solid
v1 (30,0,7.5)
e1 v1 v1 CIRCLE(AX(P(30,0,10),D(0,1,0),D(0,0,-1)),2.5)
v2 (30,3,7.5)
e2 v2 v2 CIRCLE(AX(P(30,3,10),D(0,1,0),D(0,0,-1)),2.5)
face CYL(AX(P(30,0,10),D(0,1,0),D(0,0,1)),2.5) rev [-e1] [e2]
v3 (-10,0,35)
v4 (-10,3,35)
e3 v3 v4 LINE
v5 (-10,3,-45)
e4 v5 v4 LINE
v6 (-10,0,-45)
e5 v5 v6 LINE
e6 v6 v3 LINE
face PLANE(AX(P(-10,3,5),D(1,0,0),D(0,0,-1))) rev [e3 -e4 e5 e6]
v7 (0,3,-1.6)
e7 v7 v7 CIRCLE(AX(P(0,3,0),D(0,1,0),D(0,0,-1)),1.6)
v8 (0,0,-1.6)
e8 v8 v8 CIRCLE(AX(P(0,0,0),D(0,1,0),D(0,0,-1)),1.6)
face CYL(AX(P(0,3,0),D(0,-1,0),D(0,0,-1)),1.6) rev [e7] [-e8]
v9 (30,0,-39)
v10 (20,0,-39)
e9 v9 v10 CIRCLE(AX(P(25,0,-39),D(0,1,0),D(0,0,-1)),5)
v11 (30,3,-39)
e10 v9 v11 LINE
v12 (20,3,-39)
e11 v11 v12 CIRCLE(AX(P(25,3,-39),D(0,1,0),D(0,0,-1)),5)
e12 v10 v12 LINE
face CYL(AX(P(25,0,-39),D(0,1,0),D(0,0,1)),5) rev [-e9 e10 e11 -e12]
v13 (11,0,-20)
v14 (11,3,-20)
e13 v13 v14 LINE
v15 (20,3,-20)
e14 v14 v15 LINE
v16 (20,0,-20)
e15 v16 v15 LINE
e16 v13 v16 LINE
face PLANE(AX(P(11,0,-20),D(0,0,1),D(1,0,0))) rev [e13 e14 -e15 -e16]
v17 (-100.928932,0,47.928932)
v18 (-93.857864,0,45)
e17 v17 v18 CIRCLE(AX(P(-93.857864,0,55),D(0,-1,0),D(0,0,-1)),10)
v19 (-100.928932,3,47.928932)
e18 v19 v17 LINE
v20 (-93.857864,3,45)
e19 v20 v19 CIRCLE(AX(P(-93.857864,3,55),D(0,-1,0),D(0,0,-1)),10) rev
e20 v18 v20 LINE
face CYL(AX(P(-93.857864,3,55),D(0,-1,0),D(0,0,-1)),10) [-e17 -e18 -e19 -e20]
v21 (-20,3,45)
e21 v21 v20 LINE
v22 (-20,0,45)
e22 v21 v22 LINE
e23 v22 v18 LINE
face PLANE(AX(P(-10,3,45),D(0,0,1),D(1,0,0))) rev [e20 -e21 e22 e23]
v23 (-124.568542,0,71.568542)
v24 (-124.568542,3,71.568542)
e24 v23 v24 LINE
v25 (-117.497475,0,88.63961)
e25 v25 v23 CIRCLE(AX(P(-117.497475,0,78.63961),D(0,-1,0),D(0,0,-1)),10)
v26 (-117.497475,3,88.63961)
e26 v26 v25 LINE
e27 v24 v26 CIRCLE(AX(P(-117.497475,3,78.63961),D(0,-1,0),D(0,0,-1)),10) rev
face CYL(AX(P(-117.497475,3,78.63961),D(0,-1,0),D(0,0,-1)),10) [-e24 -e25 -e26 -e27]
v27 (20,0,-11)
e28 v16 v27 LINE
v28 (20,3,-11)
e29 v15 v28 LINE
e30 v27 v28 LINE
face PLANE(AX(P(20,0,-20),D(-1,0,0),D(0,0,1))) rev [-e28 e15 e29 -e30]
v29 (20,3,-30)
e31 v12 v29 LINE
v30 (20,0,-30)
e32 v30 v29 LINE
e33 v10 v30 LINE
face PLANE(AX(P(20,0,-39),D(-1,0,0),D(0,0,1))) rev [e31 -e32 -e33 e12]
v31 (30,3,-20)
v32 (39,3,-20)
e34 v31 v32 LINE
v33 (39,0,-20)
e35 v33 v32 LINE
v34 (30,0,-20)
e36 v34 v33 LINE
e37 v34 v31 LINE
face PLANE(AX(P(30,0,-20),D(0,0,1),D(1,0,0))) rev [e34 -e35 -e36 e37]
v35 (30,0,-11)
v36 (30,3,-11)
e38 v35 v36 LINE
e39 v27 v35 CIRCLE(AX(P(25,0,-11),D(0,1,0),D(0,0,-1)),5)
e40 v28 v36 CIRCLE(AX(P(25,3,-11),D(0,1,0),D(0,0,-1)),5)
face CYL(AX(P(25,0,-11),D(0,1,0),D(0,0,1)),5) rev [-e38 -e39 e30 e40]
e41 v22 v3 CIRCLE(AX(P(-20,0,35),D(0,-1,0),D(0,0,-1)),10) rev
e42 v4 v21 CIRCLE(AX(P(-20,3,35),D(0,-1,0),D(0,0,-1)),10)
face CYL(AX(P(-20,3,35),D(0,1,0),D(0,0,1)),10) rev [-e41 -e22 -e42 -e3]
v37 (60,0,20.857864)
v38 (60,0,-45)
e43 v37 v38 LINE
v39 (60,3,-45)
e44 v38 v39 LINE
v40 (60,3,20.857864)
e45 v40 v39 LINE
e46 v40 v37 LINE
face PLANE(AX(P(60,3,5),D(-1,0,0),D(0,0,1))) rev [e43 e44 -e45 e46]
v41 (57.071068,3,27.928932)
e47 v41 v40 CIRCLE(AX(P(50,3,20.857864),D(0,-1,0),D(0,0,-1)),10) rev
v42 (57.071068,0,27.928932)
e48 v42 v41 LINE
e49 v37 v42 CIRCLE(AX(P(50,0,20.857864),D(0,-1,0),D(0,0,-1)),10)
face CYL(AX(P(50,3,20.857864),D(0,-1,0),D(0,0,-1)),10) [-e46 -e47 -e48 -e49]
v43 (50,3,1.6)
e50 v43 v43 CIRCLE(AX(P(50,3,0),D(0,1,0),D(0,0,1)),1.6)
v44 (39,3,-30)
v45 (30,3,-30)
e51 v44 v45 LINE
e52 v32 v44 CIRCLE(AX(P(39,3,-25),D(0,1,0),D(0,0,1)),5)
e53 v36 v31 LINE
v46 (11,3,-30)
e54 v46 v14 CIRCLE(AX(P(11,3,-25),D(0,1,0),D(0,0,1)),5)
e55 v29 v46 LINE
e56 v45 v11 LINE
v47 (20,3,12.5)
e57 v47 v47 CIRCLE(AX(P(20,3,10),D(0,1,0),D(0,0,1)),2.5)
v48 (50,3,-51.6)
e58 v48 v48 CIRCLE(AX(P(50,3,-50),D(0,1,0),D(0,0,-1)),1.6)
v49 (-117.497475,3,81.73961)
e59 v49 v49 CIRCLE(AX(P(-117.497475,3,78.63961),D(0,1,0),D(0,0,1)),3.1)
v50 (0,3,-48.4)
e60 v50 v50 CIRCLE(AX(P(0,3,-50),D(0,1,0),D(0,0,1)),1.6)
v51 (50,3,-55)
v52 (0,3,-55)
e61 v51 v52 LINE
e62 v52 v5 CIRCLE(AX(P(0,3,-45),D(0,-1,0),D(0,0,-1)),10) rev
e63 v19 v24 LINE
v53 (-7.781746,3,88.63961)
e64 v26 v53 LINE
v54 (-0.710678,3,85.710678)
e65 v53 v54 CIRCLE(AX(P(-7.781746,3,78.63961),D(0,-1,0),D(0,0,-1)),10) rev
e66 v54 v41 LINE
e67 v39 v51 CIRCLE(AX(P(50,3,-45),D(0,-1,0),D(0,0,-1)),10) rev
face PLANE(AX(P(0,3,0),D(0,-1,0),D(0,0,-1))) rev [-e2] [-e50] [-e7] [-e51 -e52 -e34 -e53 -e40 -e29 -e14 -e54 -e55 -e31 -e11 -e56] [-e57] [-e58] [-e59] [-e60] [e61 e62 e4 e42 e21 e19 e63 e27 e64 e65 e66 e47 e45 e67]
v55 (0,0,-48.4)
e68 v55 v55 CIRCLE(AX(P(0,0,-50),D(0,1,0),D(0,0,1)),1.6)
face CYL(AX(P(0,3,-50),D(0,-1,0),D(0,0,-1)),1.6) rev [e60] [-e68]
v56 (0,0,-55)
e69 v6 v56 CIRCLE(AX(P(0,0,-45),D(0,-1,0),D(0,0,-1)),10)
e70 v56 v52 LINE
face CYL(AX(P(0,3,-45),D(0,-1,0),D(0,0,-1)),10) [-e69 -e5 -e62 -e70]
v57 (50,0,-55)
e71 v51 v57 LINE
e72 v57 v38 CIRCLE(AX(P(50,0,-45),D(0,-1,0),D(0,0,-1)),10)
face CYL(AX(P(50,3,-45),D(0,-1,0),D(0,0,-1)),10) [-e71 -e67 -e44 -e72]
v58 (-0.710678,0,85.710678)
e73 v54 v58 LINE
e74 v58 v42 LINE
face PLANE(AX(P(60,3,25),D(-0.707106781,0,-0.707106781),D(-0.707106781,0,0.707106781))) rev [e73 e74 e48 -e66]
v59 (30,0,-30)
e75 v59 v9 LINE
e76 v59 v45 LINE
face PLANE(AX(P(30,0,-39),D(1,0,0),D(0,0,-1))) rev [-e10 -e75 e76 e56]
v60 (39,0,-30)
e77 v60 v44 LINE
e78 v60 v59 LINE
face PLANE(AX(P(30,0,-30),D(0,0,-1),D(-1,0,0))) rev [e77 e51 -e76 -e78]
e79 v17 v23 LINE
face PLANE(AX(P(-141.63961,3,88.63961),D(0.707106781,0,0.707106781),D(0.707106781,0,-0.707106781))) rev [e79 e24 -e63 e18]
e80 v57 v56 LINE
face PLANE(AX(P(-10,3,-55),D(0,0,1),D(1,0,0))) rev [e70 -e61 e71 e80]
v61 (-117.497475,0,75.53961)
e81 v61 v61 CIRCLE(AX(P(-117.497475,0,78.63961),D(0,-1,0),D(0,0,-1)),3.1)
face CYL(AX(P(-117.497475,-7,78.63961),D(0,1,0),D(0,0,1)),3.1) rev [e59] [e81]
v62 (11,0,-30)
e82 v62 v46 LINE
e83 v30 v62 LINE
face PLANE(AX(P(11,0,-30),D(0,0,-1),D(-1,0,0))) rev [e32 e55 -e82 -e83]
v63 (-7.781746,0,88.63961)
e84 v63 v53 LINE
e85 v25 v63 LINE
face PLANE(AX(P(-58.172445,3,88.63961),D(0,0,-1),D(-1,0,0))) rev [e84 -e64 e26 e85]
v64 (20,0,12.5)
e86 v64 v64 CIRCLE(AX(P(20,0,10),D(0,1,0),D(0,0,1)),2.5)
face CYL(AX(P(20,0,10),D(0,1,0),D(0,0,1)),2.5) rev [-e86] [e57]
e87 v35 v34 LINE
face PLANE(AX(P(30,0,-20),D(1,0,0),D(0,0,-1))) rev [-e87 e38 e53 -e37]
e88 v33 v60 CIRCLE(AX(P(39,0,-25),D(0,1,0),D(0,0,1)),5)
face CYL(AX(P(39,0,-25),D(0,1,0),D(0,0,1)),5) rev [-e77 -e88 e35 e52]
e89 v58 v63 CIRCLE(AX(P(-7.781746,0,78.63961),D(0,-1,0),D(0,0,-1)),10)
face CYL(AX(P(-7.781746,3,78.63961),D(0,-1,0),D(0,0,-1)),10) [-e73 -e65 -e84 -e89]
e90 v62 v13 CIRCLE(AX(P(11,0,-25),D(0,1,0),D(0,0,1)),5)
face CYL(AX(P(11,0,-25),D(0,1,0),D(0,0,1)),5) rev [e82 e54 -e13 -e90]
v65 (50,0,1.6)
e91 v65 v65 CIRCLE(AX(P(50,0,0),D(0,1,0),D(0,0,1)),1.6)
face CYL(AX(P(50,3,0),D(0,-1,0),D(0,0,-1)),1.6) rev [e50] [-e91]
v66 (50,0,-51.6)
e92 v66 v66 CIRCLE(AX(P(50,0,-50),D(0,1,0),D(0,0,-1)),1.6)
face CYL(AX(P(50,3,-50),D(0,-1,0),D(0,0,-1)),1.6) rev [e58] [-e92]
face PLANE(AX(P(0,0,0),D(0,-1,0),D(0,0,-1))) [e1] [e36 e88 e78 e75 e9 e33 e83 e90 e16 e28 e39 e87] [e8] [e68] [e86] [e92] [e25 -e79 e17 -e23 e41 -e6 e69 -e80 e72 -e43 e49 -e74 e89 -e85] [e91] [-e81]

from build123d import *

# Parameters (mm, degrees)
SKETCH_1_W          = 70
SKETCH_1_H          = 60
SKETCH_1_R          = 1.6
EXTRUDE_1_DEPTH     = 3
EXTRUDE_2_DEPTH     = 3
FILLET_1_R          = 10
FILLET_3_R          = 10
SKETCH_4_R          = 3.1
CUT_EXTRUDE_1_DEPTH = 10
SKETCH_5_R          = 2.5
CUT_EXTRUDE_2_DEPTH = 156.311257048


with BuildPart() as part:
    # 草图1 → 凸台-拉伸1 (new body)
    with BuildSketch(Plane(origin=(0, 0, 0), x_dir=(1, 0, 0), z_dir=(0, 1, 0))):
        with Locations((25, 25)):
            Rectangle(SKETCH_1_W, SKETCH_1_H)
        with Locations(Location((0, 50, 0), (0, 0, 270))):
            Circle(SKETCH_1_R, mode=Mode.SUBTRACT)
        with Locations(Location((50, 50, 0), (0, 0, 90))):
            Circle(SKETCH_1_R, mode=Mode.SUBTRACT)
        with Locations(Location((50, 0, 0), (0, 0, 270))):
            Circle(SKETCH_1_R, mode=Mode.SUBTRACT)
        with Locations(Location((0, 0, 0), (0, 0, 90))):
            Circle(SKETCH_1_R, mode=Mode.SUBTRACT)
    extrude(amount=EXTRUDE_1_DEPTH)

    # 草图2 → 凸台-拉伸2 (add)
    with BuildSketch(Plane(origin=(0, 0, 0), x_dir=(1, 0, 0), z_dir=(0, 1, 0))):
        Polygon((-10, -5), (60, -5), (60, -25), (-3.639610307, -88.639610307), (-58.172444533, -88.639610307), (-141.639610307, -88.639610307), (-98, -45), (-10, -45), align=None)
    extrude(amount=EXTRUDE_2_DEPTH)

    # 圆角1
    fillet_1_edges = [part.edges().sort_by_distance(p)[0] for p in [
        (-10, 1.5, 45),
        (-3.639610307, 1.5, 88.639610307),
        (60, 1.5, 25),
        (-10, 1.5, -55),
        (60, 1.5, -55),
    ]]
    fillet(fillet_1_edges, radius=FILLET_1_R)

    # 圆角3
    fillet_3_edges = [part.edges().sort_by_distance(p)[0] for p in [
        (-98, 1.5, 45),
        (-141.639610307, 1.5, 88.639610307),
    ]]
    fillet(fillet_3_edges, radius=FILLET_3_R)

    # 草图4 → 切除-拉伸1 (cut)
    with BuildSketch(Plane(origin=(0, 3, 0), x_dir=(1, 0, 0), z_dir=(0, 1, 0))):
        with Locations(Location((-117.497474683, -78.639610307, 0), (0, 0, 270))):
            Circle(SKETCH_4_R)
    extrude(amount=-CUT_EXTRUDE_1_DEPTH, mode=Mode.SUBTRACT)

    # 草图5 → 切除-拉伸2 (cut, through all)
    with BuildSketch(Plane(origin=(0, 3, 0), x_dir=(1, 0, 0), z_dir=(0, 1, 0))):
        with Locations(Location((20, -10, 0), (0, 0, 270))):
            Circle(SKETCH_5_R)
        with Locations(Location((30, -10, 0), (0, 0, 90))):
            Circle(SKETCH_5_R)
        with BuildLine():
            Line((11, 30), (20, 30))
            Line((20, 30), (20, 39))
            ThreePointArc((20, 39), (25, 44), (30, 39))
            Line((30, 39), (30, 30))
            Line((30, 30), (39, 30))
            ThreePointArc((39, 30), (44, 25), (39, 20))
            Line((39, 20), (30, 20))
            Line((30, 20), (30, 11))
            ThreePointArc((30, 11), (25, 6), (20, 11))
            Line((20, 11), (20, 20))
            Line((20, 20), (11, 20))
            ThreePointArc((11, 20), (6, 25), (11, 30))
        make_face()
    extrude(amount=-CUT_EXTRUDE_2_DEPTH, mode=Mode.SUBTRACT)


solid = part.part
